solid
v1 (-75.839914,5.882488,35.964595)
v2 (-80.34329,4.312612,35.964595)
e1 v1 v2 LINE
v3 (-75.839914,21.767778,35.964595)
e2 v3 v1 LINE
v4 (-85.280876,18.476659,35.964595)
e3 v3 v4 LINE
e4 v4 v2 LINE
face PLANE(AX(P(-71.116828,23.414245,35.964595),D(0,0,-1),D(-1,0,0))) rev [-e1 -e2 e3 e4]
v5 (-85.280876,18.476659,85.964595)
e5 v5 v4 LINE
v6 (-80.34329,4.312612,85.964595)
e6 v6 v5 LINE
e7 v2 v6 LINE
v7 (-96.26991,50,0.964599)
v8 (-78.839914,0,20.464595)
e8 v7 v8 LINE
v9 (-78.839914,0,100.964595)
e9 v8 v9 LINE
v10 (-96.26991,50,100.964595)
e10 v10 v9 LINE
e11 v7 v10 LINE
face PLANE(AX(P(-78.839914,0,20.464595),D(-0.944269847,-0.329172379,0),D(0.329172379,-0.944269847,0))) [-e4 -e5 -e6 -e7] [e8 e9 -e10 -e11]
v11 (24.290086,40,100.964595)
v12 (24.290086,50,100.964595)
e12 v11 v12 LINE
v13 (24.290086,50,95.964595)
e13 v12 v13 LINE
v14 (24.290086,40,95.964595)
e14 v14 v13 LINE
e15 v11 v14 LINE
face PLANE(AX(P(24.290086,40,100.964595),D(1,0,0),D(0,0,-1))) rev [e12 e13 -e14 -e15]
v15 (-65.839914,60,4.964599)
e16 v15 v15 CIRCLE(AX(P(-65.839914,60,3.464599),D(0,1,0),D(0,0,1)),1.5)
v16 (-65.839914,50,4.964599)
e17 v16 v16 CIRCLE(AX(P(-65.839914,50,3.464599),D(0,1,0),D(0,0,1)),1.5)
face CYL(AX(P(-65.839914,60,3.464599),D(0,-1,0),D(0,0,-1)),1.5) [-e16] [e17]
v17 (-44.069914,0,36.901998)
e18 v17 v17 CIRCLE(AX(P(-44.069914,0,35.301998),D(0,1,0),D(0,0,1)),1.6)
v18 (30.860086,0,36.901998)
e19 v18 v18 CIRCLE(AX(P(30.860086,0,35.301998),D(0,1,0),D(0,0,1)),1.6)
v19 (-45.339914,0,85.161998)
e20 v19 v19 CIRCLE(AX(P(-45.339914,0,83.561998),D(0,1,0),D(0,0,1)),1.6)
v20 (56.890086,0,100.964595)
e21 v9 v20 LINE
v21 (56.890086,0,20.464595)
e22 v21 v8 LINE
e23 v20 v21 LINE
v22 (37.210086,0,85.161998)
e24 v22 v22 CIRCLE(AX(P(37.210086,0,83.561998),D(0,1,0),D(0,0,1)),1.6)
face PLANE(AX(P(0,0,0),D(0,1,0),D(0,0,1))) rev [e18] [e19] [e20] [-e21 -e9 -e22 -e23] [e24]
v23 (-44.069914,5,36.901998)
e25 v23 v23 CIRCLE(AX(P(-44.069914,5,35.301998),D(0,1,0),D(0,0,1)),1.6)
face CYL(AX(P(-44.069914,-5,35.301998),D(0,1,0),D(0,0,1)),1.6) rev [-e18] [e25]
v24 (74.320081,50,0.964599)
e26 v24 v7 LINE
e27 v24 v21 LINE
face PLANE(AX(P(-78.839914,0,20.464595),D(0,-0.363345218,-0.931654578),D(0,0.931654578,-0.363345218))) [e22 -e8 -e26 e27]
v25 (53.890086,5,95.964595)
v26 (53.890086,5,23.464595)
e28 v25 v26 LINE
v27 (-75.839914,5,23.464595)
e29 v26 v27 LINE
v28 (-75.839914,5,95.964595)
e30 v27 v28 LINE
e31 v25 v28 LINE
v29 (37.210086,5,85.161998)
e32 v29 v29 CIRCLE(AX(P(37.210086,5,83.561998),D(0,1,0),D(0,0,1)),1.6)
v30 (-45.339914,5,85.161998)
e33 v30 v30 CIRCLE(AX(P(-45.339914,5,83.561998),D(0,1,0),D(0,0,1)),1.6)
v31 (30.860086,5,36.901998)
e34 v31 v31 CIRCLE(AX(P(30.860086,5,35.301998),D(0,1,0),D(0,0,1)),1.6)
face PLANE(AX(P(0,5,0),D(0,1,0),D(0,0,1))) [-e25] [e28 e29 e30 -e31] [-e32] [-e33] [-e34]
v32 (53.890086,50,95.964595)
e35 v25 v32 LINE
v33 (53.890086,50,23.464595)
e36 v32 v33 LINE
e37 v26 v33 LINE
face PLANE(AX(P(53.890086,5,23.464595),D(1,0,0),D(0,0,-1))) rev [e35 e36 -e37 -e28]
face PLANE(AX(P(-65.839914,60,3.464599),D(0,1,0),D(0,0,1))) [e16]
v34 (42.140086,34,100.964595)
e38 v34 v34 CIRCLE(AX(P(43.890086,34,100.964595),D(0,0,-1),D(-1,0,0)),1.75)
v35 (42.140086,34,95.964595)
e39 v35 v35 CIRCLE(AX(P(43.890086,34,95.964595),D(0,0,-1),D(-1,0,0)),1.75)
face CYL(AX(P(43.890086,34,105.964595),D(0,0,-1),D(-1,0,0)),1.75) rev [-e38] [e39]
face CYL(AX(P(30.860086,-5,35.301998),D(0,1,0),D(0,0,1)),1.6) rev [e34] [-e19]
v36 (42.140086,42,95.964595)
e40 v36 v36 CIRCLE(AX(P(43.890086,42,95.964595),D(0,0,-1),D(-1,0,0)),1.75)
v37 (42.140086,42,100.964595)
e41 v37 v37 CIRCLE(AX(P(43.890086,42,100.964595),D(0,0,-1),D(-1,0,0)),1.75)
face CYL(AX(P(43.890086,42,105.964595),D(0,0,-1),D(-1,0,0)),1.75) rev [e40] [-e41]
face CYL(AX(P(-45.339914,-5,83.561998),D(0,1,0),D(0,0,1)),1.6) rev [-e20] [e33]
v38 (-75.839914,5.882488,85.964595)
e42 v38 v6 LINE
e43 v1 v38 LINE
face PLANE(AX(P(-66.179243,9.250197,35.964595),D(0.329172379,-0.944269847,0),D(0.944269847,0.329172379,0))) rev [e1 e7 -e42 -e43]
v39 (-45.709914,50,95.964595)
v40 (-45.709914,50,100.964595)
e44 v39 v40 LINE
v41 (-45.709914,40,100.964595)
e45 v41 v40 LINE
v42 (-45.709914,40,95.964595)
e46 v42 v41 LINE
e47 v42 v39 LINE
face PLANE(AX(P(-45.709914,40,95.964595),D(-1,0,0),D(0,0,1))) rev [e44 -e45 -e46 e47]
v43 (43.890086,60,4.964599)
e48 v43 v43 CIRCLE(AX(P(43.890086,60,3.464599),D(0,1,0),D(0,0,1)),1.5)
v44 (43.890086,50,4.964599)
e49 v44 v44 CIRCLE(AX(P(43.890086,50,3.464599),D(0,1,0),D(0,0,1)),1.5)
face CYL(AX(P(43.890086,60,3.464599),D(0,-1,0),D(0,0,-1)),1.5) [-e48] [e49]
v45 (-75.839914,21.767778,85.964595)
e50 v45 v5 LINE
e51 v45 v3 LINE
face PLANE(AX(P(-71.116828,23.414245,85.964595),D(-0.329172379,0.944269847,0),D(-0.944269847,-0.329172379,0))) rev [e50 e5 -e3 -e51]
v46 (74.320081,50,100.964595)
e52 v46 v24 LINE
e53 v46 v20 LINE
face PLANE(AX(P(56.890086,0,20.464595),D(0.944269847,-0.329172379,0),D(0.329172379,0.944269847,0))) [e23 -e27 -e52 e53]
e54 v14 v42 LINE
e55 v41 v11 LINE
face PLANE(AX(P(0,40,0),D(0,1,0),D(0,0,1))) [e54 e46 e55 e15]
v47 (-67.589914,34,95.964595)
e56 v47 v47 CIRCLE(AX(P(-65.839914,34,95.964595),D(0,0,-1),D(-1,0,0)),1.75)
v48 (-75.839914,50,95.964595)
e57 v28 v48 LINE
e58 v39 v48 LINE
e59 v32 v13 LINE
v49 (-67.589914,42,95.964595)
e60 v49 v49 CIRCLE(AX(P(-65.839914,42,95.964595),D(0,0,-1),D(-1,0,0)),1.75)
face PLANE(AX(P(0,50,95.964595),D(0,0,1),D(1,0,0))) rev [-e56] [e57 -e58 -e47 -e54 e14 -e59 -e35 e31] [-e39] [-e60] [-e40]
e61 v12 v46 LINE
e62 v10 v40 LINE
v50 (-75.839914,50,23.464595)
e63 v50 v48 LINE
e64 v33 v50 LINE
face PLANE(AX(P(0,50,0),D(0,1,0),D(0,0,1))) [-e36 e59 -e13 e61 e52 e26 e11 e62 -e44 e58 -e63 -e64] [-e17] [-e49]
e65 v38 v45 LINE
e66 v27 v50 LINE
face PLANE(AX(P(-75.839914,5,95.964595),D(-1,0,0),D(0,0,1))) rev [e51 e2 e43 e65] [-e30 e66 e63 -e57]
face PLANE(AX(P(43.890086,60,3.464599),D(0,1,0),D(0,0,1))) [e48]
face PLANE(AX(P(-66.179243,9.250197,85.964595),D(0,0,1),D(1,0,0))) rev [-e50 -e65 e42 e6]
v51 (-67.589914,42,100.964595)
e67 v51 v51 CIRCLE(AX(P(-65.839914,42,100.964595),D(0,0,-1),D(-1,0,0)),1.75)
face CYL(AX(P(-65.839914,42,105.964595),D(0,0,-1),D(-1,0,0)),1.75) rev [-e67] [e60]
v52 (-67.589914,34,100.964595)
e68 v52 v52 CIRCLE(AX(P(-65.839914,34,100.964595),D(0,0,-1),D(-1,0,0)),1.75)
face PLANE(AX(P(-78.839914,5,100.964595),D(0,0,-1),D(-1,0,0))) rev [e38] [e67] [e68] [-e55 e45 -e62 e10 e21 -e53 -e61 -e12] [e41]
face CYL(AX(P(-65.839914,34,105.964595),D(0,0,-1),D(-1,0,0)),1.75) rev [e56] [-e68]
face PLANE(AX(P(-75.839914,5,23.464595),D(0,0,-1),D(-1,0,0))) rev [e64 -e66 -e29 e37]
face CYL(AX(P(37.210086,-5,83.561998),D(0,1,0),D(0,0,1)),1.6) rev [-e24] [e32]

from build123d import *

# Parameters (mm, degrees)
SKETCH3_W           = 135.73
SKETCH3_H           = 80.5
BOSS_EXTRUDE1_DEPTH = 5
SKETCH4_W           = 135.73
SKETCH4_H           = 80.5
SKETCH4_W_2         = 125.73
SKETCH4_H_2         = 70.5
BOSS_EXTRUDE2_DEPTH = 45
SKETCH8_W           = 70
SKETCH8_H           = 5
CUT_EXTRUDE2_DEPTH  = 10
DRAFT3_ANGLE        = 21.30578
DRAFT4_ANGLE        = 19.21855
SKETCH12_R          = 1.75
CUT_EXTRUDE3_DEPTH  = 10
CUT_EXTRUDE4_DEPTH  = 45
SKETCH19_R          = 1.6
CUT_EXTRUDE5_DEPTH  = 10
SKETCH20_W          = 50
SKETCH20_H          = 15
CUT_EXTRUDE6_DEPTH  = 15
SKETCH21_R          = 1.5
BOSS_EXTRUDE3_DEPTH = 10


with BuildPart() as part:
    # Sketch3 → Boss-Extrude1 (new body)
    with BuildSketch(Plane(origin=(0, 0, 0), x_dir=(1, 0, 0), z_dir=(0, 1, 0))):
        with Locations((-10.97491424, -60.714595487)):
            Rectangle(SKETCH3_W, SKETCH3_H)
    extrude(amount=BOSS_EXTRUDE1_DEPTH)

    # Sketch4 → Boss-Extrude2 (add)
    with BuildSketch(Plane(origin=(0, 5, 0), x_dir=(1, 0, 0), z_dir=(0, 1, 0))):
        with Locations((-10.97491424, -60.714595487)):
            Rectangle(SKETCH4_W, SKETCH4_H)
        with Locations((-10.97491424, -60.714595487)):
            Rectangle(SKETCH4_W_2, SKETCH4_H_2, mode=Mode.SUBTRACT)
    extrude(amount=BOSS_EXTRUDE2_DEPTH)

    # Sketch8 → Cut-Extrude2 (cut)
    with BuildSketch(Plane(origin=(0, 50, 0), x_dir=(1, 0, 0), z_dir=(0, 1, 0))):
        with Locations((-10.70991424, -98.464595487)):
            Rectangle(SKETCH8_W, SKETCH8_H)
    extrude(amount=-CUT_EXTRUDE2_DEPTH, mode=Mode.SUBTRACT)

    # Draft3
    draft3_faces = [part.faces().sort_by_distance(p)[0] for p in [
        (-10.97491424, 25, 20.464595487),
    ]]
    draft(draft3_faces, Plane(origin=(0, 0, 0), x_dir=(0, 0, -1), z_dir=(0, -1, 0)), DRAFT3_ANGLE)

    # Draft4
    draft4_faces = [part.faces().sort_by_distance(p)[0] for p in [
        (-78.83991424, 25.900276859, 55.664042442),
        (56.89008576, 25.900276859, 55.664042442),
    ]]
    draft(draft4_faces, Plane(origin=(0, 0, 0), x_dir=(0, 0, -1), z_dir=(0, -1, 0)), DRAFT4_ANGLE)

    # Sketch12 → Cut-Extrude3 (cut)
    with BuildSketch(Plane(origin=(0, 0, 95.964595487), x_dir=(-1, 0, 0), z_dir=(0, 0, -1))):
        with Locations((65.83991424, 42)):
            Circle(SKETCH12_R)
        with Locations((65.83991424, 34)):
            Circle(SKETCH12_R)
        with Locations((-43.89008576, 42)):
            Circle(SKETCH12_R)
        with Locations((-43.89008576, 34)):
            Circle(SKETCH12_R)
    extrude(amount=-CUT_EXTRUDE3_DEPTH, mode=Mode.SUBTRACT)

    # Sketch15 → Cut-Extrude4 (cut)
    with BuildSketch(Plane(origin=(0, 50, 0), x_dir=(1, 0, 0), z_dir=(0, 1, 0))):
        Polygon((-73.83991424, -95.964595487), (-75.83991424, -95.964595487), (-75.83991424, -50.577012028), (-75.83991424, -23.464595487), (53.89008576, -23.464595487), (53.89008576, -95.964595487), (51.89008576, -95.964595487), (51.89008576, -25.464595487), (-73.83991424, -25.464595487), align=None)
    extrude(amount=-CUT_EXTRUDE4_DEPTH, mode=Mode.SUBTRACT)

    # Sketch19 → Cut-Extrude5 (cut)
    with BuildSketch(Plane(origin=(0, 5, 0), x_dir=(1, 0, 0), z_dir=(0, 1, 0))):
        with Locations(Location((-45.339914237, -83.561998038, 0), (0, 0, 270))):
            Circle(SKETCH19_R)
        with Locations(Location((-44.06991424, -35.301998038, 0), (0, 0, 270))):
            Circle(SKETCH19_R)
        with Locations(Location((30.86008576, -35.301998033, 0), (0, 0, 270))):
            Circle(SKETCH19_R)
        with Locations(Location((37.210085763, -83.561998033, 0), (0, 0, 270))):
            Circle(SKETCH19_R)
    extrude(amount=-CUT_EXTRUDE5_DEPTH, mode=Mode.SUBTRACT)

    # Sketch20 → Cut-Extrude6 (cut)
    with BuildSketch(Plane(origin=(-70.297258269, -24.505617582, 0), x_dir=(0, 0, 1), z_dir=(-0.9442698473474347, -0.3291723794464724, 0))):
        with Locations((60.964595487, 38.019061203)):
            Rectangle(SKETCH20_W, SKETCH20_H)
    extrude(amount=-CUT_EXTRUDE6_DEPTH, mode=Mode.SUBTRACT)

    # Sketch21 → Boss-Extrude3 (add)
    with BuildSketch(Plane(origin=(0, 50, 0), x_dir=(1, 0, 0), z_dir=(0, 1, 0))):
        with Locations(Location((-65.839914241, -3.464599124, 0), (0, 0, 270))):
            Circle(SKETCH21_R)
        with Locations(Location((43.890085759, -3.464599124, 0), (0, 0, 270))):
            Circle(SKETCH21_R)
    extrude(amount=BOSS_EXTRUDE3_DEPTH)


solid = part.part
